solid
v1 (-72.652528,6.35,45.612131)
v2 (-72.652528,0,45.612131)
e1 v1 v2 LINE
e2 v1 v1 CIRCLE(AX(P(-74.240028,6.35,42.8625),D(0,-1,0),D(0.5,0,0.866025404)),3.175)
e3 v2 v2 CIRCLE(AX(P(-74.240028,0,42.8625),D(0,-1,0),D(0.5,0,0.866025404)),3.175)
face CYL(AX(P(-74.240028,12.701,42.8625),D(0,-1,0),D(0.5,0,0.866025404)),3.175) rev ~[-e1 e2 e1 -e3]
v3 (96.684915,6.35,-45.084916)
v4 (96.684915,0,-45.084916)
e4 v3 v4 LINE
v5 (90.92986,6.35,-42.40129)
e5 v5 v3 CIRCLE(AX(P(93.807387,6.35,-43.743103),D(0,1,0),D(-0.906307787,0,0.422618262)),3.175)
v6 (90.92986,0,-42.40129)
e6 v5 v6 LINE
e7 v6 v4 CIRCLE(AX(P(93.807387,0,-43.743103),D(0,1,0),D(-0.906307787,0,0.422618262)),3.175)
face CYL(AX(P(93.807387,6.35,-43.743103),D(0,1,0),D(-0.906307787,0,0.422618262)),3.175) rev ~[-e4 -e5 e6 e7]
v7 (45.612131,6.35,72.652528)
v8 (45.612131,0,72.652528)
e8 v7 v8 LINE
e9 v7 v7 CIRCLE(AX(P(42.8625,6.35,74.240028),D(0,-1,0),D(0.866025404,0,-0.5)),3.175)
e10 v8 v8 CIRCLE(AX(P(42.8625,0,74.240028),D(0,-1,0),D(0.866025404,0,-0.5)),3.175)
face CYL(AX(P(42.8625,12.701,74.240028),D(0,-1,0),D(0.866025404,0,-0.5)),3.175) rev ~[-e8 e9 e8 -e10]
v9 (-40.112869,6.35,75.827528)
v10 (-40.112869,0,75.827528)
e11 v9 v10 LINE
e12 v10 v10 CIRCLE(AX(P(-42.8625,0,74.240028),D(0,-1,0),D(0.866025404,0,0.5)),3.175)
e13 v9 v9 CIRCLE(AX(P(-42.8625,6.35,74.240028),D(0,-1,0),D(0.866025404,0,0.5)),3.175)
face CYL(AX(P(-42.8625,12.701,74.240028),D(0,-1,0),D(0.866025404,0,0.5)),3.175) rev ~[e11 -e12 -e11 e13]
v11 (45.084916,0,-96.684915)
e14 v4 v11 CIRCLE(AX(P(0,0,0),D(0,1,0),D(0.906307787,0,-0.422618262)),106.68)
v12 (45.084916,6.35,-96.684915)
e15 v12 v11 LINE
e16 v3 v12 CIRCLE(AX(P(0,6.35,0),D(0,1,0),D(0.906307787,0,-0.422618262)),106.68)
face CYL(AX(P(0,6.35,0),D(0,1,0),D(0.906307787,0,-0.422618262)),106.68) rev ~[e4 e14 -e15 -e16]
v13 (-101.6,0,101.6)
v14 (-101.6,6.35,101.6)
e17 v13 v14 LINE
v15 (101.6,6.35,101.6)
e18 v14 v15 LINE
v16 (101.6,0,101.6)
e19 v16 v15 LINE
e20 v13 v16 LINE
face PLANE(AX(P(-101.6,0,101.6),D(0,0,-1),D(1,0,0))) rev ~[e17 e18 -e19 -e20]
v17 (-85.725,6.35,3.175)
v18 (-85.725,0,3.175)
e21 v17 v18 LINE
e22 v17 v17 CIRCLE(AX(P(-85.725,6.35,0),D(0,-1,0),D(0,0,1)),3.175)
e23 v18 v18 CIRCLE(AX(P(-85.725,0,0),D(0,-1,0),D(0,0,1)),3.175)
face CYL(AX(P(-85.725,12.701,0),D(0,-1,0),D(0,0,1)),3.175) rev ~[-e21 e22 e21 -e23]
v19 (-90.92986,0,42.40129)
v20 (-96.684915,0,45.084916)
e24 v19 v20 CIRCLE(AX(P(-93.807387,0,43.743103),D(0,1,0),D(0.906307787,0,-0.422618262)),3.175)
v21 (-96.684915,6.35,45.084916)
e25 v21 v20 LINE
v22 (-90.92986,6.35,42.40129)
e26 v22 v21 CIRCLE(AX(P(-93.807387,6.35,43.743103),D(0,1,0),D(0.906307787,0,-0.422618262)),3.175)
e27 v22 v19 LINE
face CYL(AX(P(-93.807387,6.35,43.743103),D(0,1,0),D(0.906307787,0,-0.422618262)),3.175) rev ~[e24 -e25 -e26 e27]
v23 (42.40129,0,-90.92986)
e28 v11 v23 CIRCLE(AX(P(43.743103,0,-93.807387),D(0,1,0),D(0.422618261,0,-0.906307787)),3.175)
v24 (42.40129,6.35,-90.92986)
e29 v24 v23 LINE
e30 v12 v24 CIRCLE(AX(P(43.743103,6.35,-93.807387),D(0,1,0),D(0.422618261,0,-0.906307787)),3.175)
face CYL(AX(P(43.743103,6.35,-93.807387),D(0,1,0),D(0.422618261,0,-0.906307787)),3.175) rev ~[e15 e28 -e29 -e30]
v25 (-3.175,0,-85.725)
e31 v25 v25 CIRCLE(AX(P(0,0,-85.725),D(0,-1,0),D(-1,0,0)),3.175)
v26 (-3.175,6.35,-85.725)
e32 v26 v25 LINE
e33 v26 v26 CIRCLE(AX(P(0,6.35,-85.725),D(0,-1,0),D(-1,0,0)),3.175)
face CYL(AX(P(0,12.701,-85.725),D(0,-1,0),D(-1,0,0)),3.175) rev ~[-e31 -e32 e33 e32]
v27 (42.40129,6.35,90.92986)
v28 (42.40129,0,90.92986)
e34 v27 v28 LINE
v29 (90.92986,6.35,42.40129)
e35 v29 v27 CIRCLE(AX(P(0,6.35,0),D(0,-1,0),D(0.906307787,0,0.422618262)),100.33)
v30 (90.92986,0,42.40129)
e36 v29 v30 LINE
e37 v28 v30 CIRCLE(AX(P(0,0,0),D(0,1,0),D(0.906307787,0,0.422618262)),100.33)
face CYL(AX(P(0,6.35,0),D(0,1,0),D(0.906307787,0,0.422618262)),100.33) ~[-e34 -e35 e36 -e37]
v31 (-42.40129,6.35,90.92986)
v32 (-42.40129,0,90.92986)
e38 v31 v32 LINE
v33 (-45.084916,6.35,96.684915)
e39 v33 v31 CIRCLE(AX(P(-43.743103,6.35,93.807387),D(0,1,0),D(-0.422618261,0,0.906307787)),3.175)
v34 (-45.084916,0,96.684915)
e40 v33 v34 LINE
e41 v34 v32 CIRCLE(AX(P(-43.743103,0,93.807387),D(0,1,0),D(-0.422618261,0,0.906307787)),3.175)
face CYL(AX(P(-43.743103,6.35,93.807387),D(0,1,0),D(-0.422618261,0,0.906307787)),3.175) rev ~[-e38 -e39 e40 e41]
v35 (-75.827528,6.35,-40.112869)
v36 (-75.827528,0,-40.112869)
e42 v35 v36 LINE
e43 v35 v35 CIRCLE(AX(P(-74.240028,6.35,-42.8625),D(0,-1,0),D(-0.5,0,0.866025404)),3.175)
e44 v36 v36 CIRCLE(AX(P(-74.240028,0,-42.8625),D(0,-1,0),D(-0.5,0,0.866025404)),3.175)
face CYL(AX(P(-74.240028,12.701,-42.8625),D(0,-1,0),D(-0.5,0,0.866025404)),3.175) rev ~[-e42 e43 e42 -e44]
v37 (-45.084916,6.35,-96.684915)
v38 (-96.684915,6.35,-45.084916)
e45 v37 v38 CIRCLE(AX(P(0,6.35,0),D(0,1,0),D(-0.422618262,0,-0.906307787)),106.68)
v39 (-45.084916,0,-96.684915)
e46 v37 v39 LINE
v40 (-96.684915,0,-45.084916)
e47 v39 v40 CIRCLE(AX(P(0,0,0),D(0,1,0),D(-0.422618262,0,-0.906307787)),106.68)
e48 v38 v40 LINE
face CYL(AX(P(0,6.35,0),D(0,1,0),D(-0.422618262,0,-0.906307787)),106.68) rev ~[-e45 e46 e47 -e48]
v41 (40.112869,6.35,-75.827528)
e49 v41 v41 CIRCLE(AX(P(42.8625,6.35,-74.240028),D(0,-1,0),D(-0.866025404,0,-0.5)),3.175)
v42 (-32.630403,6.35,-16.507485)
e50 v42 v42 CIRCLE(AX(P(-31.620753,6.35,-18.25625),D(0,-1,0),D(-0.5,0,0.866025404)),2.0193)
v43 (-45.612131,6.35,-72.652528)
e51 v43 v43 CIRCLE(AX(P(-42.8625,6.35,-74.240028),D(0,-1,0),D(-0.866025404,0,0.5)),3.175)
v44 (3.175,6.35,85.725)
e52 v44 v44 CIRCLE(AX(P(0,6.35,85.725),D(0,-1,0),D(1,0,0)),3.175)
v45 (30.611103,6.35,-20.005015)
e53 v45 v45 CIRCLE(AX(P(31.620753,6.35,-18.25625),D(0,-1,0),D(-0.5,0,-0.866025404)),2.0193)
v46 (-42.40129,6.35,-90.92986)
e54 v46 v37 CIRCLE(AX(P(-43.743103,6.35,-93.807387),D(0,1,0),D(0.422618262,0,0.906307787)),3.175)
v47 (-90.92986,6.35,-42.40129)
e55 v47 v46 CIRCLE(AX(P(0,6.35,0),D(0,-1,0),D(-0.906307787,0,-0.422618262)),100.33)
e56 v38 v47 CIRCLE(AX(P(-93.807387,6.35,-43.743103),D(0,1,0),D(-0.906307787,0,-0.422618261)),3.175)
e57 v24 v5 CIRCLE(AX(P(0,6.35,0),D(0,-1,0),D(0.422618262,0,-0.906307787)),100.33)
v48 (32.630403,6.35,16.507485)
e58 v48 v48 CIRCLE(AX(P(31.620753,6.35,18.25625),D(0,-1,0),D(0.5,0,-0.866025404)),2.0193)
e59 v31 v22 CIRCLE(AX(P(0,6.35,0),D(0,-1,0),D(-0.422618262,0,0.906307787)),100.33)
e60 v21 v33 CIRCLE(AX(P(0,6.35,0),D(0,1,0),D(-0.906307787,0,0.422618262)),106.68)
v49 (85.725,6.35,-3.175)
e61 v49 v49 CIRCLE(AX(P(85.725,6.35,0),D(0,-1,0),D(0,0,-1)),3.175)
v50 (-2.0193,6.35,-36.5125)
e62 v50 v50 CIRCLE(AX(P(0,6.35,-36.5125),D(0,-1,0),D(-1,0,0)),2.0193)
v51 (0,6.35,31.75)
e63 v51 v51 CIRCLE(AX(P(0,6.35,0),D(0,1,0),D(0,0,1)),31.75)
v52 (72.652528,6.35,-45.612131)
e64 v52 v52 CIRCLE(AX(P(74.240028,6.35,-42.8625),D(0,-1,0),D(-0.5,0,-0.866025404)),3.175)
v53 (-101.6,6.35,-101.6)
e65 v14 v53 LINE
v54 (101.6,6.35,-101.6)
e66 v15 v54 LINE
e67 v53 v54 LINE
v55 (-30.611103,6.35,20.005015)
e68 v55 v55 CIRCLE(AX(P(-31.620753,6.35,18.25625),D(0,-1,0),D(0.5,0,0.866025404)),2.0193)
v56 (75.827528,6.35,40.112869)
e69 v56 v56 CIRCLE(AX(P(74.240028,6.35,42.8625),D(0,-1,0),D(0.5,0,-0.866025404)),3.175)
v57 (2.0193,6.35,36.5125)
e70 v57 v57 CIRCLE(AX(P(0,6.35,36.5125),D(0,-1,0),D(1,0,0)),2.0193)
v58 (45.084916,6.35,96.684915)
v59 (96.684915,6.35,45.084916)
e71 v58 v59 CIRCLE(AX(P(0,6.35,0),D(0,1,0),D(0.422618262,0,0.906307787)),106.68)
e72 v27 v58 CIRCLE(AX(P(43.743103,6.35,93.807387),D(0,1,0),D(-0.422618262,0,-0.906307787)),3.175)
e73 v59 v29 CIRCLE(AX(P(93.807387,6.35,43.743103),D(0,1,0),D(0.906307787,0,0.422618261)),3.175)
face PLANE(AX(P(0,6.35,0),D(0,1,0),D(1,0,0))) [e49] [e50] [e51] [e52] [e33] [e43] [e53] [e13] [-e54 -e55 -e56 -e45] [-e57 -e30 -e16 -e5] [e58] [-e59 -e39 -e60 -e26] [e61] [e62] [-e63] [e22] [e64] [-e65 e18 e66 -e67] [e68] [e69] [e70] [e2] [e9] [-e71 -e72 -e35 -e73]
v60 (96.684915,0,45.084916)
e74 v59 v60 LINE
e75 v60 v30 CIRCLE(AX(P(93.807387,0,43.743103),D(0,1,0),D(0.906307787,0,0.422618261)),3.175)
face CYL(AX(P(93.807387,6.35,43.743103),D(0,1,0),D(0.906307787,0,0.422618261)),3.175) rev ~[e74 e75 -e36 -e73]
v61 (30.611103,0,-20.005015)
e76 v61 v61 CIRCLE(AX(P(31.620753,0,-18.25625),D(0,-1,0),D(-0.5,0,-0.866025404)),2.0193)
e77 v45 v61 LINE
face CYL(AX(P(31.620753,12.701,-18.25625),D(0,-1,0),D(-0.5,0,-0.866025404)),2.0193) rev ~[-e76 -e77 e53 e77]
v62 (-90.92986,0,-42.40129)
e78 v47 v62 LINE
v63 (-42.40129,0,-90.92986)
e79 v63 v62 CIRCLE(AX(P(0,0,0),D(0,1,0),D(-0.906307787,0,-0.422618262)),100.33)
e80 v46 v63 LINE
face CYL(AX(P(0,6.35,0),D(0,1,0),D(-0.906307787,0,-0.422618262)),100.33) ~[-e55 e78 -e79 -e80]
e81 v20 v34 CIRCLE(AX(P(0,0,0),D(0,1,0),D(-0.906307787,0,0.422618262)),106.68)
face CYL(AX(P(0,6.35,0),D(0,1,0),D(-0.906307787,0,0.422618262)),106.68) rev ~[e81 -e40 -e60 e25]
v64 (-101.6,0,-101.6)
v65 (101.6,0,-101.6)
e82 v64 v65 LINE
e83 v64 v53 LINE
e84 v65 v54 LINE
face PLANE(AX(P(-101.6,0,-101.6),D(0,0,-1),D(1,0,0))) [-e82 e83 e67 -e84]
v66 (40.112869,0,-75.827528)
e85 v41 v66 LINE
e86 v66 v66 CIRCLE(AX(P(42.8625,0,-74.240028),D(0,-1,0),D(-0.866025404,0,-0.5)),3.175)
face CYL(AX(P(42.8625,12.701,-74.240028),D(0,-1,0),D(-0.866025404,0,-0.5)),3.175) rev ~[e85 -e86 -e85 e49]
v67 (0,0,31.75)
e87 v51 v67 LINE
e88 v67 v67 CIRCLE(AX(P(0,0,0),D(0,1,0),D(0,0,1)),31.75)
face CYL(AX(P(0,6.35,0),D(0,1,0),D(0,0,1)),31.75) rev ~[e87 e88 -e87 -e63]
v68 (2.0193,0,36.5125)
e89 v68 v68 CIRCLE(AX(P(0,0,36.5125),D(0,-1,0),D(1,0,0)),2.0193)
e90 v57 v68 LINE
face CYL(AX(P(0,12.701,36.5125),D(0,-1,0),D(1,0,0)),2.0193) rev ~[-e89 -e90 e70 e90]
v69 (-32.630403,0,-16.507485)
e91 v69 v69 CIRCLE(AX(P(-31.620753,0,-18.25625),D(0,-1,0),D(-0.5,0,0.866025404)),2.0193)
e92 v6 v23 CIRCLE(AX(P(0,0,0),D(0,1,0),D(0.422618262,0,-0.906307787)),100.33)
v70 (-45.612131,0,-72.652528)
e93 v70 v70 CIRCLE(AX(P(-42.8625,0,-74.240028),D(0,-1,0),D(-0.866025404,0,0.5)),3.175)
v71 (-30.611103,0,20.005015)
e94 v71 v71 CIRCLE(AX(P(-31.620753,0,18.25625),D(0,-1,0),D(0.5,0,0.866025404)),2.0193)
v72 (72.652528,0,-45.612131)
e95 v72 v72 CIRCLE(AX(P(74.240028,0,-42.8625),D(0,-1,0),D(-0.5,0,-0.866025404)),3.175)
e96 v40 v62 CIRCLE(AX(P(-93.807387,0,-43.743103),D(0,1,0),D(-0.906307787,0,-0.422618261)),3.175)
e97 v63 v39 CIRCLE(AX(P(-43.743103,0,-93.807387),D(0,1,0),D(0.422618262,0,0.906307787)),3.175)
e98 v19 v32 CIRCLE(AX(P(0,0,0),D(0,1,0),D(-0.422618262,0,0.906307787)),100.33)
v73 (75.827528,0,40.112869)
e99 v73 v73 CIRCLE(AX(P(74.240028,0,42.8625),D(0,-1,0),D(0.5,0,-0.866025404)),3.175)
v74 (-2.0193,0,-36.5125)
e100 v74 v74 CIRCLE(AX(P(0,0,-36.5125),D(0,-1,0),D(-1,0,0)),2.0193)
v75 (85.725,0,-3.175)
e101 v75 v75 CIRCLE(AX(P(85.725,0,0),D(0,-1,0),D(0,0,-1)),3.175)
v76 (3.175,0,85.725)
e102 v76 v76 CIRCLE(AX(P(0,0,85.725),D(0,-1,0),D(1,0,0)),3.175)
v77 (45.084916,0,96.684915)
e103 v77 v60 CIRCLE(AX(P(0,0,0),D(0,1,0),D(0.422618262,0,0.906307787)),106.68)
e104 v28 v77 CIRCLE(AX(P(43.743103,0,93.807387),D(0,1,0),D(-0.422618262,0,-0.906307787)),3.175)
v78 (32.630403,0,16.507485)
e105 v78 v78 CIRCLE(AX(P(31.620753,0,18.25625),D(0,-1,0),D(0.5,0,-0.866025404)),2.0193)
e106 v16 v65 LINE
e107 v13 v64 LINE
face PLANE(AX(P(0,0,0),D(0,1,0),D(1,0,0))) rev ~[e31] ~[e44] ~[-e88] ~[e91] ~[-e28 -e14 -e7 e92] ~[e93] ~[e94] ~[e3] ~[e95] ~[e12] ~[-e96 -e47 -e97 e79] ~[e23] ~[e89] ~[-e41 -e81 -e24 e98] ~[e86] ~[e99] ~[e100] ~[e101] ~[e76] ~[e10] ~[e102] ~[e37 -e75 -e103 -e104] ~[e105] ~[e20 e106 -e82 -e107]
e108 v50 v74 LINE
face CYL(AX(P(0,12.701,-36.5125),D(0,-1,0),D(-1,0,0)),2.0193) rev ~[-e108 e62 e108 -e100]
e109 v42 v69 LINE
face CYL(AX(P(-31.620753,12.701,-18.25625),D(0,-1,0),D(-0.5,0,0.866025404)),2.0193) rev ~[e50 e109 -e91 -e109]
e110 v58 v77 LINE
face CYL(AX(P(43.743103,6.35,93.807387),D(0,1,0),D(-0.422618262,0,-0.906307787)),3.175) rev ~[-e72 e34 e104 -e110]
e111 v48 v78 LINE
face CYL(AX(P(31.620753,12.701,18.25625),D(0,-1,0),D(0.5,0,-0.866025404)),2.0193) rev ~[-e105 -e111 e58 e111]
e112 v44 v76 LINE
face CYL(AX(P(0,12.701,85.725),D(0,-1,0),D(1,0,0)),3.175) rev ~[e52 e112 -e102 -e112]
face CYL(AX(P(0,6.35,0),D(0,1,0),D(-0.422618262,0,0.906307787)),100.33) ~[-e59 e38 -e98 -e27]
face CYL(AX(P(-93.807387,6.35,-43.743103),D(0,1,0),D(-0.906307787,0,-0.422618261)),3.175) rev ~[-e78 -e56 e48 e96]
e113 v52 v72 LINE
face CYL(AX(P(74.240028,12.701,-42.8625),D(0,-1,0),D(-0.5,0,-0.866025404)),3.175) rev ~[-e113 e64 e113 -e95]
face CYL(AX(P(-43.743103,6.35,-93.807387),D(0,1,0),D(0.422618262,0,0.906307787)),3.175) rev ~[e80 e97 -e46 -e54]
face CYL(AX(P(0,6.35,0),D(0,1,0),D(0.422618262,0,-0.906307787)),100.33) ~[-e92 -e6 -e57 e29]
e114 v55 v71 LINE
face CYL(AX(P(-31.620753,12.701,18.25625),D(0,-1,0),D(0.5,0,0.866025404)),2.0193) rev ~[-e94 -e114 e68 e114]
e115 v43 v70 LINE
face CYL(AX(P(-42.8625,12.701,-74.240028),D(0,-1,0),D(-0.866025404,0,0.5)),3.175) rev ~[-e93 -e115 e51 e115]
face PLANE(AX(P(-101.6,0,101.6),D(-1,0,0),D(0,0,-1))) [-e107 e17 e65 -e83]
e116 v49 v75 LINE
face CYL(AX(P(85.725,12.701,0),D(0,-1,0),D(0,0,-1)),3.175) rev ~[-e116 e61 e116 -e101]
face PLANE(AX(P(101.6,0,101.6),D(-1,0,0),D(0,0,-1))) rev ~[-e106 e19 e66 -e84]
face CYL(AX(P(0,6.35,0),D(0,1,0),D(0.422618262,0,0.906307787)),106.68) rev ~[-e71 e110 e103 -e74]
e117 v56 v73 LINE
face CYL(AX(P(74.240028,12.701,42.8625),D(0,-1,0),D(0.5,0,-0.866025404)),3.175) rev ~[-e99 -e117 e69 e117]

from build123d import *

# Parameters (mm, degrees)
SKETCH1_W                       = 203.2
SKETCH1_H                       = 203.2
BOSS_EXTRUDE1_DEPTH             = 6.35
CUT_EXTRUDE1_REACH              = 8.35
SKETCH2_R                       = 31.75
F_1_4_0_25_DIAMETER_HOLE1_D     = 6.35
F_1_4_0_25_DIAMETER_HOLE1_DEPTH = 6.351
CIRPATTERN1_COUNT               = 12
F_10_32_TAPPED_HOLE1_D          = 4.0386
F_10_32_TAPPED_HOLE1_DEPTH      = 6.351
CIRPATTERN2_COUNT               = 6
CUT_EXTRUDE2_REACH              = 8.35


with BuildPart() as part:
    # Sketch1 → Boss-Extrude1 (new body)
    with BuildSketch(Plane(origin=(0, 0, 0), x_dir=(1, 0, 0), z_dir=(0, 1, 0))):
        Rectangle(SKETCH1_W, SKETCH1_H)
    extrude(amount=BOSS_EXTRUDE1_DEPTH)

    # Sketch2 → Cut-Extrude1 (cut, up to next)
    with BuildSketch(Plane(origin=(0, 6.35, 0), x_dir=(1, 0, 0), z_dir=(0, 1, 0)), mode=Mode.PRIVATE) as cut_extrude1_sk1:
        with Locations(Location((0, 0, 0), (0, 0, 270))):  # turned: the seam where the file's is
            Circle(SKETCH2_R)
    cut_extrude1_tool1 = extrude(cut_extrude1_sk1.sketch, amount=-CUT_EXTRUDE1_REACH, mode=Mode.PRIVATE) & part.part
    add(cut_extrude1_tool1.solids().sort_by_distance((0, 6.35, 0))[0], mode=Mode.SUBTRACT)

    # 1/4 (0.25) Diameter Hole1
    with Locations(Plane(origin=(0, 6.35, 0), x_dir=(1, 0, 0), z_dir=(0, 1, 0))):
        with Locations((0, 85.725)):
            f_1_4_0_25_diameter_hole1 = Hole(F_1_4_0_25_DIAMETER_HOLE1_D / 2, depth=F_1_4_0_25_DIAMETER_HOLE1_DEPTH)

    # CirPattern1: 1/4 (0.25) Diameter Hole1 ×12 about axis
    cirpattern1_axis = Axis((0, 0, 0), (0, 1, 0))
    for i in range(1, CIRPATTERN1_COUNT):
        add(f_1_4_0_25_diameter_hole1.rotate(cirpattern1_axis, i * 360 / CIRPATTERN1_COUNT), mode=Mode.SUBTRACT)

    # #10-32 Tapped Hole1
    with Locations(Plane(origin=(0, 6.35, 0), x_dir=(1, 0, 0), z_dir=(0, 1, 0))):
        with Locations((0, 36.5125)):
            f_10_32_tapped_hole1 = Hole(F_10_32_TAPPED_HOLE1_D / 2, depth=F_10_32_TAPPED_HOLE1_DEPTH)

    # CirPattern2: #10-32 Tapped Hole1 ×6 about axis
    cirpattern2_axis = Axis((0, 0, 0), (0, 1, 0))
    for i in range(1, CIRPATTERN2_COUNT):
        add(f_10_32_tapped_hole1.rotate(cirpattern2_axis, i * 360 / CIRPATTERN2_COUNT), mode=Mode.SUBTRACT)

    # Sketch7 → Cut-Extrude2 (cut, up to next)
    with BuildSketch(Plane(origin=(0, 6.35, 0), x_dir=(1, 0, 0), z_dir=(0, 1, 0)), mode=Mode.PRIVATE) as cut_extrude2_sk1:
        with BuildLine():
            ThreePointArc((96.684914721, 45.084916162), (75.434151417, 75.434151417), (45.084916162, 96.684914721))
            ThreePointArc((45.084916162, 96.684914721), (40.865575958, 95.149200478), (42.4012902, 90.929860273))
            ThreePointArc((42.4012902, 90.929860273), (70.944023356, 70.944023356), (90.929860273, 42.4012902))
            ThreePointArc((90.929860273, 42.4012902), (95.149200478, 40.865575958), (96.684914721, 45.084916162))
        make_face()
    cut_extrude2_tool1 = extrude(cut_extrude2_sk1.sketch, amount=-CUT_EXTRUDE2_REACH, mode=Mode.PRIVATE) & part.part
    add(cut_extrude2_tool1.solids().sort_by_distance((71.522214, 6.35, -71.522214))[0], mode=Mode.SUBTRACT)
    # Sketch7 → Cut-Extrude2 (cut, up to next)
    with BuildSketch(Plane(origin=(0, 6.35, 0), x_dir=(1, 0, 0), z_dir=(0, 1, 0)), mode=Mode.PRIVATE) as cut_extrude2_sk2:
        with BuildLine():
            ThreePointArc((45.084916162, -96.684914721), (75.434151417, -75.434151417), (96.684914721, -45.084916162))
            ThreePointArc((96.684914721, -45.084916162), (95.149200478, -40.865575958), (90.929860273, -42.4012902))
            ThreePointArc((90.929860273, -42.4012902), (70.944023356, -70.944023356), (42.4012902, -90.929860273))
            ThreePointArc((42.4012902, -90.929860273), (40.865575958, -95.149200478), (45.084916162, -96.684914721))
        make_face()
    cut_extrude2_tool2 = extrude(cut_extrude2_sk2.sketch, amount=-CUT_EXTRUDE2_REACH, mode=Mode.PRIVATE) & part.part
    add(cut_extrude2_tool2.solids().sort_by_distance((71.522214, 6.35, 71.522214))[0], mode=Mode.SUBTRACT)
    # Sketch7 → Cut-Extrude2 (cut, up to next)
    with BuildSketch(Plane(origin=(0, 6.35, 0), x_dir=(1, 0, 0), z_dir=(0, 1, 0)), mode=Mode.PRIVATE) as cut_extrude2_sk3:
        with BuildLine():
            ThreePointArc((-96.684914721, -45.084916162), (-75.434151417, -75.434151417), (-45.084916162, -96.684914721))
            ThreePointArc((-45.084916162, -96.684914721), (-40.865575958, -95.149200478), (-42.4012902, -90.929860273))
            ThreePointArc((-42.4012902, -90.929860273), (-70.944023356, -70.944023356), (-90.929860273, -42.4012902))
            ThreePointArc((-90.929860273, -42.4012902), (-95.149200478, -40.865575958), (-96.684914721, -45.084916162))
        make_face()
    cut_extrude2_tool3 = extrude(cut_extrude2_sk3.sketch, amount=-CUT_EXTRUDE2_REACH, mode=Mode.PRIVATE) & part.part
    add(cut_extrude2_tool3.solids().sort_by_distance((-71.522214, 6.35, 71.522214))[0], mode=Mode.SUBTRACT)
    # Sketch7 → Cut-Extrude2 (cut, up to next)
    with BuildSketch(Plane(origin=(0, 6.35, 0), x_dir=(1, 0, 0), z_dir=(0, 1, 0)), mode=Mode.PRIVATE) as cut_extrude2_sk4:
        with BuildLine():
            ThreePointArc((-45.084916162, 96.684914721), (-75.434151417, 75.434151417), (-96.684914721, 45.084916162))
            ThreePointArc((-96.684914721, 45.084916162), (-95.149200478, 40.865575958), (-90.929860273, 42.4012902))
            ThreePointArc((-90.929860273, 42.4012902), (-70.944023356, 70.944023356), (-42.4012902, 90.929860273))
            ThreePointArc((-42.4012902, 90.929860273), (-40.865575958, 95.149200478), (-45.084916162, 96.684914721))
        make_face()
    cut_extrude2_tool4 = extrude(cut_extrude2_sk4.sketch, amount=-CUT_EXTRUDE2_REACH, mode=Mode.PRIVATE) & part.part
    add(cut_extrude2_tool4.solids().sort_by_distance((-71.522214, 6.35, -71.522214))[0], mode=Mode.SUBTRACT)


solid = part.part
